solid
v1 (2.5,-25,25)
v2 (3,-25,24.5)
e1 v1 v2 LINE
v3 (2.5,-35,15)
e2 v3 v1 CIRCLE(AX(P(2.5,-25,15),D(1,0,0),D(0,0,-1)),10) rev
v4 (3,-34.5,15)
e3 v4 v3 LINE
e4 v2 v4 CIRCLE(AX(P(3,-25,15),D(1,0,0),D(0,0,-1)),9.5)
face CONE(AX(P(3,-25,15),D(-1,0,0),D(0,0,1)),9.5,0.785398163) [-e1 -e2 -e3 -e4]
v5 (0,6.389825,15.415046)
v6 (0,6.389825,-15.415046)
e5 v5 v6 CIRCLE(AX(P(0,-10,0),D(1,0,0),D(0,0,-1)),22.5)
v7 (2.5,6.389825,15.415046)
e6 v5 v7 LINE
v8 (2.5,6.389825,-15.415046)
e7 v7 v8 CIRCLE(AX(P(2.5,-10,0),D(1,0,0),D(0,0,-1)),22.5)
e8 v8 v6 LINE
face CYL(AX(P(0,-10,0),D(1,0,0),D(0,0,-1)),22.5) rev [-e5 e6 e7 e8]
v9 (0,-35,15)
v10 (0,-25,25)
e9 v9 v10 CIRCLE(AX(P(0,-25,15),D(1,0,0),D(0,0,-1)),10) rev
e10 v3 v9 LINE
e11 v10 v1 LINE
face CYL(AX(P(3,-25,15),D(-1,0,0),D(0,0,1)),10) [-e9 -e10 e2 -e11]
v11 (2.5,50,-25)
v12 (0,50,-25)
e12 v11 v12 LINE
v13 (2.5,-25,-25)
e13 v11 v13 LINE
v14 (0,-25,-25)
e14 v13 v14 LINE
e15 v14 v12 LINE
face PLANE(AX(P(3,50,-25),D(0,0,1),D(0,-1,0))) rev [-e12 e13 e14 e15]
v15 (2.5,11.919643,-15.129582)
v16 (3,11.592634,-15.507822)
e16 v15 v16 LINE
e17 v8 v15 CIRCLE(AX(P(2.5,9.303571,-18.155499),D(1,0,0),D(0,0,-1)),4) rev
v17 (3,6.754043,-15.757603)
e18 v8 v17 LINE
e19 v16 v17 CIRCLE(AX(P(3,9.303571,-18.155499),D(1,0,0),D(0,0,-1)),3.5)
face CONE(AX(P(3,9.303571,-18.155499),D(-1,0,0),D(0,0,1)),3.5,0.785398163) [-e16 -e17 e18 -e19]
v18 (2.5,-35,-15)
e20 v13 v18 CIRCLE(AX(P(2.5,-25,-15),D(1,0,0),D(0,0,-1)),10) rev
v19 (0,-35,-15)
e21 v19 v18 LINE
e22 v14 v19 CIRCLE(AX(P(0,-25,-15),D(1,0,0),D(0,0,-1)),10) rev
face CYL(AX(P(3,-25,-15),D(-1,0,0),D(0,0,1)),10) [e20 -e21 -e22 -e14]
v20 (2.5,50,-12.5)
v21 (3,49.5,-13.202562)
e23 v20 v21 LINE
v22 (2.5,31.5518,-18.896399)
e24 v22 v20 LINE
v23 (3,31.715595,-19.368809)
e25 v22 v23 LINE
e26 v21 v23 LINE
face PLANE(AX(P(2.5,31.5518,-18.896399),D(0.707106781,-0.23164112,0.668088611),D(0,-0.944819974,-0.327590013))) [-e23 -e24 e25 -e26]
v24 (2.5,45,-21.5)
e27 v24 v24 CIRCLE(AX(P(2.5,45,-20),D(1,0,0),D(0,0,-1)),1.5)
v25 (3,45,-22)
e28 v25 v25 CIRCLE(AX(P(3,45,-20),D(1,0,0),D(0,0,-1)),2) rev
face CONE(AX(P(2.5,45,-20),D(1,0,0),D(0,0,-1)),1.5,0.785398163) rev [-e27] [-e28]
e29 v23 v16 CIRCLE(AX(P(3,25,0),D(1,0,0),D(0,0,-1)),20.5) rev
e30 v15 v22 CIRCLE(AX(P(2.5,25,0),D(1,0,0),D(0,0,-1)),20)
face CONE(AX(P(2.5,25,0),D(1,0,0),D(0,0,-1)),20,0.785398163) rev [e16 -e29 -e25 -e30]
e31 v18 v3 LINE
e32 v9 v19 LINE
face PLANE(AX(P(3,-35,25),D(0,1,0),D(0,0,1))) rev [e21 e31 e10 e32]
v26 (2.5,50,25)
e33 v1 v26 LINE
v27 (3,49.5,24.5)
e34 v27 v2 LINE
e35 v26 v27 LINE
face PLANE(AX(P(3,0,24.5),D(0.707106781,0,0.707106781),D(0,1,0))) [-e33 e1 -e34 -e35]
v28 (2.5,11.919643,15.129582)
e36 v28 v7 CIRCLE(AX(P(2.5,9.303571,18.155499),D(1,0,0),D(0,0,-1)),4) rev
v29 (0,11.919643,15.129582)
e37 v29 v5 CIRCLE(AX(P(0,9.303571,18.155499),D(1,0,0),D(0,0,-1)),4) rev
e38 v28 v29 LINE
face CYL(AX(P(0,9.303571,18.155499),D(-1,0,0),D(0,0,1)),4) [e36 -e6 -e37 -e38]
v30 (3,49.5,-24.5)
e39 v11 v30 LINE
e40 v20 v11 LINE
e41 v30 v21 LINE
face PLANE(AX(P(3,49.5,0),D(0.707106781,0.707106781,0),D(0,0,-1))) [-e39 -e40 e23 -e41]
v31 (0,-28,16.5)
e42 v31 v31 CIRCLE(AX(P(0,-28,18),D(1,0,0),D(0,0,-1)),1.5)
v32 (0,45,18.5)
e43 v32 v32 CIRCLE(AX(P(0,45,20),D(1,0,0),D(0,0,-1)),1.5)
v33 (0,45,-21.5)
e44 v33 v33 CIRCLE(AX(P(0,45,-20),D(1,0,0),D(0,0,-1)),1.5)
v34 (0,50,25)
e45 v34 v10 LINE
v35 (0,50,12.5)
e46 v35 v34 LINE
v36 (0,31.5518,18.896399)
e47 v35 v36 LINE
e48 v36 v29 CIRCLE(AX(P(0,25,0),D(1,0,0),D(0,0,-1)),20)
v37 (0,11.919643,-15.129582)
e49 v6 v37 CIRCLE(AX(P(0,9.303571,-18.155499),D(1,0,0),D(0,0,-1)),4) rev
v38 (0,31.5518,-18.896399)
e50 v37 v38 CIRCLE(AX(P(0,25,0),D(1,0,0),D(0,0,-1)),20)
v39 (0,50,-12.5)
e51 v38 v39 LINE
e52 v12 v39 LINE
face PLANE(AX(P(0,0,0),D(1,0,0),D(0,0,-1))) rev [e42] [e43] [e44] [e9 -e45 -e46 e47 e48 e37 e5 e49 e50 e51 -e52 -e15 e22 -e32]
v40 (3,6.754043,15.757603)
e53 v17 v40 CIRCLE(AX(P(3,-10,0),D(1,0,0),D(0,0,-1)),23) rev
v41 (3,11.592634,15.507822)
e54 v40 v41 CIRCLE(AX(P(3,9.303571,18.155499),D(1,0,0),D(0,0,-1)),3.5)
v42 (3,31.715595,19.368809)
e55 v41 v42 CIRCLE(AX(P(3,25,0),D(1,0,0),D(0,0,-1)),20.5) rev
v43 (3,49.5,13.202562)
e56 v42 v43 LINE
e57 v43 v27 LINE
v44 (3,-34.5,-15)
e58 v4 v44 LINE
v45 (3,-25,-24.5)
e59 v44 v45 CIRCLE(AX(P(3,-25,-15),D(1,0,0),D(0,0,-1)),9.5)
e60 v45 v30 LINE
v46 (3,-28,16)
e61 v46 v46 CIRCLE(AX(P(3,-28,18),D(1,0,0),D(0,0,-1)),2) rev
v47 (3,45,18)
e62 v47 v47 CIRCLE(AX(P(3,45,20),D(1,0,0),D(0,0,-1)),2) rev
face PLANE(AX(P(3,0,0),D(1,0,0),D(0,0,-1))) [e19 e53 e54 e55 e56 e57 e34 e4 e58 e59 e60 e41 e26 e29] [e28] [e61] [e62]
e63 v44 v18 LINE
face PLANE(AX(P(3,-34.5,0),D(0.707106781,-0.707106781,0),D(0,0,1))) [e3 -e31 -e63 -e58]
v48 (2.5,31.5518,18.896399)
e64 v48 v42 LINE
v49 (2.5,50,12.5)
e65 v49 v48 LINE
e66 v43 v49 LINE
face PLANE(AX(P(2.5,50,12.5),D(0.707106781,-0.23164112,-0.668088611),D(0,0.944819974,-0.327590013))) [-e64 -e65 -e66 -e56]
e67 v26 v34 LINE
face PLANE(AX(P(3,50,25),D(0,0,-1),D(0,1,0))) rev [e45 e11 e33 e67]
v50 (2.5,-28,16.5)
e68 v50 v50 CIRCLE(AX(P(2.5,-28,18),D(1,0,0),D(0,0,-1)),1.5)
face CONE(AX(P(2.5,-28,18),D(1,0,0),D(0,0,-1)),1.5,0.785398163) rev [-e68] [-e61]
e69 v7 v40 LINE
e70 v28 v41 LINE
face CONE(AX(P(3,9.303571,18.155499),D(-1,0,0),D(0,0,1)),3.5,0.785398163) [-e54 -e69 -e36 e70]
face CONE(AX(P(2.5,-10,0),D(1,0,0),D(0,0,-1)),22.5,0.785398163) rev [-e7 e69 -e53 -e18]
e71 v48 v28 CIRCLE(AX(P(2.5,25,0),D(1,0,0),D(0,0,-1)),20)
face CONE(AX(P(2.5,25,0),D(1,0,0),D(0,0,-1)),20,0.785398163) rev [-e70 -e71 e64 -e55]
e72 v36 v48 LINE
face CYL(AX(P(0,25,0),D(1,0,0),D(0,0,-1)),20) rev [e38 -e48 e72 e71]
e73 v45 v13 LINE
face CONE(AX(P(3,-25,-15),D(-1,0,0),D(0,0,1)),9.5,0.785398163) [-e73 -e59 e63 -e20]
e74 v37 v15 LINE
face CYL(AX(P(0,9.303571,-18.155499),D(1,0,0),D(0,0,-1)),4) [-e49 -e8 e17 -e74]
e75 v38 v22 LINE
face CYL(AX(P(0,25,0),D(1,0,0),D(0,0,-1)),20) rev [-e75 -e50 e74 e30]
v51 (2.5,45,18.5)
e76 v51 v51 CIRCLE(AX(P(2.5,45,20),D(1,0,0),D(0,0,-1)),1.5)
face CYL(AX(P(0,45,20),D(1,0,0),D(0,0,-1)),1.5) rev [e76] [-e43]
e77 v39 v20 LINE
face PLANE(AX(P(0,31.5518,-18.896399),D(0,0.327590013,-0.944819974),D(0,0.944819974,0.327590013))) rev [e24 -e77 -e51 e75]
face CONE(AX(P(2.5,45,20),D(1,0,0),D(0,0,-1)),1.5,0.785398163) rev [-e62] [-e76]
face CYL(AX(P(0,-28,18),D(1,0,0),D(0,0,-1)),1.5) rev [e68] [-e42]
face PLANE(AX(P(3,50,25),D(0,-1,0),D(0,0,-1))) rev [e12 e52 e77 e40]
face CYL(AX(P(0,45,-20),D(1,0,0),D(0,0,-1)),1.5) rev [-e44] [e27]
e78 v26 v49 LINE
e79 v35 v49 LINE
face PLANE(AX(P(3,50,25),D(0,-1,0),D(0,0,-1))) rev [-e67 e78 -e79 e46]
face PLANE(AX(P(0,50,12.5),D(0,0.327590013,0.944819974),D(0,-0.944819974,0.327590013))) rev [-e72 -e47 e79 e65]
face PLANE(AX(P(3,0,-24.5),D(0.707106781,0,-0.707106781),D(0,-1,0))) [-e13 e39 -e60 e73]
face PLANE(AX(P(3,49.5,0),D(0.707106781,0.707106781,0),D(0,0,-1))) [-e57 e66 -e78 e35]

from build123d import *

# Parameters (mm, degrees)
SKETCH_1_W          = 50
SKETCH_1_H          = 85
EXTRUDE_1_DEPTH     = 3
FILLET_2_R          = 10
SKETCH_4_R          = 1.5
CUT_EXTRUDE_1_DEPTH = 3
CHAMFER_1_SIZE      = 0.5
CUT_EXTRUDE_3_DEPTH = 3
SKETCH_7_R          = 22.5
CUT_EXTRUDE_4_DEPTH = 3
FILLET_4_R          = 4
CHAMFER_2_SIZE      = 0.5
CHAMFER_3_SIZE      = 0.5


with BuildPart() as part:
    # 草图1 → 凸台-拉伸1 (new body)
    with BuildSketch(Plane(origin=(0, 0, 0), x_dir=(0, 0, -1), z_dir=(1, 0, 0))):
        with Locations((0, 7.5)):
            Rectangle(SKETCH_1_W, SKETCH_1_H)
    extrude(amount=EXTRUDE_1_DEPTH)

    # 圆角2
    fillet_2_edges = [part.edges().sort_by_distance(p)[0] for p in [
        (1.5, -35, -25),
        (1.5, -35, 25),
    ]]
    fillet(fillet_2_edges, radius=FILLET_2_R)

    # 草图4 → 切除-拉伸1 (cut)
    with BuildSketch(Plane(origin=(3, 0, 0), x_dir=(0, 0, -1), z_dir=(1, 0, 0))):
        with Locations((20, 45)):
            Circle(SKETCH_4_R)
        with Locations((-20, 45)):
            Circle(SKETCH_4_R)
        with Locations((-18, -28)):
            Circle(SKETCH_4_R)
    extrude(amount=-CUT_EXTRUDE_1_DEPTH, mode=Mode.SUBTRACT)

    # 倒角1
    chamfer_1_edges = [part.edges().sort_by_distance(p)[0] for p in [
        (3, 12.5, -25),
        (3, 50, 0),
        (3, -35, 0),
        (3, -32.071067812, 22.071067812),
        (3, -32.071067812, -22.071067812),
        (3, 12.5, 25),
    ]]
    chamfer(chamfer_1_edges, length=CHAMFER_1_SIZE)

    # 草图6 → 切除-拉伸3 (cut)
    with BuildSketch(Plane(origin=(3, 0, 0), x_dir=(0, 0, -1), z_dir=(1, 0, 0))):
        with BuildLine():
            Line((-12.5, 50), (12.5, 50))
            Line((12.5, 50), (18.896399481, 31.551800259))
            ThreePointArc((18.896399481, 31.551800259), (0, 5), (-18.896399481, 31.551800259))
            Line((-18.896399481, 31.551800259), (-12.5, 50))
        make_face()
    extrude(amount=-CUT_EXTRUDE_3_DEPTH, mode=Mode.SUBTRACT)

    # 草图7 → 切除-拉伸4 (cut)
    with BuildSketch(Plane(origin=(3, 0, 0), x_dir=(0, 0, -1), z_dir=(1, 0, 0))):
        with Locations((0, -10)):
            Circle(SKETCH_7_R)
    extrude(amount=-CUT_EXTRUDE_4_DEPTH, mode=Mode.SUBTRACT)

    # 圆角4
    fillet_4_edges = [part.edges().sort_by_distance(p)[0] for p in [
        (1.5, 9.017857143, 12.02377269),
        (1.5, 9.017857143, -12.02377269),
    ]]
    fillet(fillet_4_edges, radius=FILLET_4_R)

    # 倒角2
    chamfer_2_edges = [part.edges().sort_by_distance(p)[0] for p in [
        (3, 45, -18.5),
        (3, 45, 21.5),
        (3, -28, 19.5),
    ]]
    chamfer(chamfer_2_edges, length=CHAMFER_2_SIZE)

    # 倒角3
    chamfer_3_edges = [part.edges().sort_by_distance(p)[0] for p in [
        (3, 40.52590013, -15.784880278),
        (3, 21.231347471, -19.641722382),
        (3, 9.097355452, -14.160817784),
        (3, -32.5, 0),
        (3, 40.52590013, 15.784880278),
        (3, 9.097355452, 14.160817784),
        (3, 21.231347471, 19.641722382),
    ]]
    chamfer(chamfer_3_edges, length=CHAMFER_3_SIZE)


solid = part.part
